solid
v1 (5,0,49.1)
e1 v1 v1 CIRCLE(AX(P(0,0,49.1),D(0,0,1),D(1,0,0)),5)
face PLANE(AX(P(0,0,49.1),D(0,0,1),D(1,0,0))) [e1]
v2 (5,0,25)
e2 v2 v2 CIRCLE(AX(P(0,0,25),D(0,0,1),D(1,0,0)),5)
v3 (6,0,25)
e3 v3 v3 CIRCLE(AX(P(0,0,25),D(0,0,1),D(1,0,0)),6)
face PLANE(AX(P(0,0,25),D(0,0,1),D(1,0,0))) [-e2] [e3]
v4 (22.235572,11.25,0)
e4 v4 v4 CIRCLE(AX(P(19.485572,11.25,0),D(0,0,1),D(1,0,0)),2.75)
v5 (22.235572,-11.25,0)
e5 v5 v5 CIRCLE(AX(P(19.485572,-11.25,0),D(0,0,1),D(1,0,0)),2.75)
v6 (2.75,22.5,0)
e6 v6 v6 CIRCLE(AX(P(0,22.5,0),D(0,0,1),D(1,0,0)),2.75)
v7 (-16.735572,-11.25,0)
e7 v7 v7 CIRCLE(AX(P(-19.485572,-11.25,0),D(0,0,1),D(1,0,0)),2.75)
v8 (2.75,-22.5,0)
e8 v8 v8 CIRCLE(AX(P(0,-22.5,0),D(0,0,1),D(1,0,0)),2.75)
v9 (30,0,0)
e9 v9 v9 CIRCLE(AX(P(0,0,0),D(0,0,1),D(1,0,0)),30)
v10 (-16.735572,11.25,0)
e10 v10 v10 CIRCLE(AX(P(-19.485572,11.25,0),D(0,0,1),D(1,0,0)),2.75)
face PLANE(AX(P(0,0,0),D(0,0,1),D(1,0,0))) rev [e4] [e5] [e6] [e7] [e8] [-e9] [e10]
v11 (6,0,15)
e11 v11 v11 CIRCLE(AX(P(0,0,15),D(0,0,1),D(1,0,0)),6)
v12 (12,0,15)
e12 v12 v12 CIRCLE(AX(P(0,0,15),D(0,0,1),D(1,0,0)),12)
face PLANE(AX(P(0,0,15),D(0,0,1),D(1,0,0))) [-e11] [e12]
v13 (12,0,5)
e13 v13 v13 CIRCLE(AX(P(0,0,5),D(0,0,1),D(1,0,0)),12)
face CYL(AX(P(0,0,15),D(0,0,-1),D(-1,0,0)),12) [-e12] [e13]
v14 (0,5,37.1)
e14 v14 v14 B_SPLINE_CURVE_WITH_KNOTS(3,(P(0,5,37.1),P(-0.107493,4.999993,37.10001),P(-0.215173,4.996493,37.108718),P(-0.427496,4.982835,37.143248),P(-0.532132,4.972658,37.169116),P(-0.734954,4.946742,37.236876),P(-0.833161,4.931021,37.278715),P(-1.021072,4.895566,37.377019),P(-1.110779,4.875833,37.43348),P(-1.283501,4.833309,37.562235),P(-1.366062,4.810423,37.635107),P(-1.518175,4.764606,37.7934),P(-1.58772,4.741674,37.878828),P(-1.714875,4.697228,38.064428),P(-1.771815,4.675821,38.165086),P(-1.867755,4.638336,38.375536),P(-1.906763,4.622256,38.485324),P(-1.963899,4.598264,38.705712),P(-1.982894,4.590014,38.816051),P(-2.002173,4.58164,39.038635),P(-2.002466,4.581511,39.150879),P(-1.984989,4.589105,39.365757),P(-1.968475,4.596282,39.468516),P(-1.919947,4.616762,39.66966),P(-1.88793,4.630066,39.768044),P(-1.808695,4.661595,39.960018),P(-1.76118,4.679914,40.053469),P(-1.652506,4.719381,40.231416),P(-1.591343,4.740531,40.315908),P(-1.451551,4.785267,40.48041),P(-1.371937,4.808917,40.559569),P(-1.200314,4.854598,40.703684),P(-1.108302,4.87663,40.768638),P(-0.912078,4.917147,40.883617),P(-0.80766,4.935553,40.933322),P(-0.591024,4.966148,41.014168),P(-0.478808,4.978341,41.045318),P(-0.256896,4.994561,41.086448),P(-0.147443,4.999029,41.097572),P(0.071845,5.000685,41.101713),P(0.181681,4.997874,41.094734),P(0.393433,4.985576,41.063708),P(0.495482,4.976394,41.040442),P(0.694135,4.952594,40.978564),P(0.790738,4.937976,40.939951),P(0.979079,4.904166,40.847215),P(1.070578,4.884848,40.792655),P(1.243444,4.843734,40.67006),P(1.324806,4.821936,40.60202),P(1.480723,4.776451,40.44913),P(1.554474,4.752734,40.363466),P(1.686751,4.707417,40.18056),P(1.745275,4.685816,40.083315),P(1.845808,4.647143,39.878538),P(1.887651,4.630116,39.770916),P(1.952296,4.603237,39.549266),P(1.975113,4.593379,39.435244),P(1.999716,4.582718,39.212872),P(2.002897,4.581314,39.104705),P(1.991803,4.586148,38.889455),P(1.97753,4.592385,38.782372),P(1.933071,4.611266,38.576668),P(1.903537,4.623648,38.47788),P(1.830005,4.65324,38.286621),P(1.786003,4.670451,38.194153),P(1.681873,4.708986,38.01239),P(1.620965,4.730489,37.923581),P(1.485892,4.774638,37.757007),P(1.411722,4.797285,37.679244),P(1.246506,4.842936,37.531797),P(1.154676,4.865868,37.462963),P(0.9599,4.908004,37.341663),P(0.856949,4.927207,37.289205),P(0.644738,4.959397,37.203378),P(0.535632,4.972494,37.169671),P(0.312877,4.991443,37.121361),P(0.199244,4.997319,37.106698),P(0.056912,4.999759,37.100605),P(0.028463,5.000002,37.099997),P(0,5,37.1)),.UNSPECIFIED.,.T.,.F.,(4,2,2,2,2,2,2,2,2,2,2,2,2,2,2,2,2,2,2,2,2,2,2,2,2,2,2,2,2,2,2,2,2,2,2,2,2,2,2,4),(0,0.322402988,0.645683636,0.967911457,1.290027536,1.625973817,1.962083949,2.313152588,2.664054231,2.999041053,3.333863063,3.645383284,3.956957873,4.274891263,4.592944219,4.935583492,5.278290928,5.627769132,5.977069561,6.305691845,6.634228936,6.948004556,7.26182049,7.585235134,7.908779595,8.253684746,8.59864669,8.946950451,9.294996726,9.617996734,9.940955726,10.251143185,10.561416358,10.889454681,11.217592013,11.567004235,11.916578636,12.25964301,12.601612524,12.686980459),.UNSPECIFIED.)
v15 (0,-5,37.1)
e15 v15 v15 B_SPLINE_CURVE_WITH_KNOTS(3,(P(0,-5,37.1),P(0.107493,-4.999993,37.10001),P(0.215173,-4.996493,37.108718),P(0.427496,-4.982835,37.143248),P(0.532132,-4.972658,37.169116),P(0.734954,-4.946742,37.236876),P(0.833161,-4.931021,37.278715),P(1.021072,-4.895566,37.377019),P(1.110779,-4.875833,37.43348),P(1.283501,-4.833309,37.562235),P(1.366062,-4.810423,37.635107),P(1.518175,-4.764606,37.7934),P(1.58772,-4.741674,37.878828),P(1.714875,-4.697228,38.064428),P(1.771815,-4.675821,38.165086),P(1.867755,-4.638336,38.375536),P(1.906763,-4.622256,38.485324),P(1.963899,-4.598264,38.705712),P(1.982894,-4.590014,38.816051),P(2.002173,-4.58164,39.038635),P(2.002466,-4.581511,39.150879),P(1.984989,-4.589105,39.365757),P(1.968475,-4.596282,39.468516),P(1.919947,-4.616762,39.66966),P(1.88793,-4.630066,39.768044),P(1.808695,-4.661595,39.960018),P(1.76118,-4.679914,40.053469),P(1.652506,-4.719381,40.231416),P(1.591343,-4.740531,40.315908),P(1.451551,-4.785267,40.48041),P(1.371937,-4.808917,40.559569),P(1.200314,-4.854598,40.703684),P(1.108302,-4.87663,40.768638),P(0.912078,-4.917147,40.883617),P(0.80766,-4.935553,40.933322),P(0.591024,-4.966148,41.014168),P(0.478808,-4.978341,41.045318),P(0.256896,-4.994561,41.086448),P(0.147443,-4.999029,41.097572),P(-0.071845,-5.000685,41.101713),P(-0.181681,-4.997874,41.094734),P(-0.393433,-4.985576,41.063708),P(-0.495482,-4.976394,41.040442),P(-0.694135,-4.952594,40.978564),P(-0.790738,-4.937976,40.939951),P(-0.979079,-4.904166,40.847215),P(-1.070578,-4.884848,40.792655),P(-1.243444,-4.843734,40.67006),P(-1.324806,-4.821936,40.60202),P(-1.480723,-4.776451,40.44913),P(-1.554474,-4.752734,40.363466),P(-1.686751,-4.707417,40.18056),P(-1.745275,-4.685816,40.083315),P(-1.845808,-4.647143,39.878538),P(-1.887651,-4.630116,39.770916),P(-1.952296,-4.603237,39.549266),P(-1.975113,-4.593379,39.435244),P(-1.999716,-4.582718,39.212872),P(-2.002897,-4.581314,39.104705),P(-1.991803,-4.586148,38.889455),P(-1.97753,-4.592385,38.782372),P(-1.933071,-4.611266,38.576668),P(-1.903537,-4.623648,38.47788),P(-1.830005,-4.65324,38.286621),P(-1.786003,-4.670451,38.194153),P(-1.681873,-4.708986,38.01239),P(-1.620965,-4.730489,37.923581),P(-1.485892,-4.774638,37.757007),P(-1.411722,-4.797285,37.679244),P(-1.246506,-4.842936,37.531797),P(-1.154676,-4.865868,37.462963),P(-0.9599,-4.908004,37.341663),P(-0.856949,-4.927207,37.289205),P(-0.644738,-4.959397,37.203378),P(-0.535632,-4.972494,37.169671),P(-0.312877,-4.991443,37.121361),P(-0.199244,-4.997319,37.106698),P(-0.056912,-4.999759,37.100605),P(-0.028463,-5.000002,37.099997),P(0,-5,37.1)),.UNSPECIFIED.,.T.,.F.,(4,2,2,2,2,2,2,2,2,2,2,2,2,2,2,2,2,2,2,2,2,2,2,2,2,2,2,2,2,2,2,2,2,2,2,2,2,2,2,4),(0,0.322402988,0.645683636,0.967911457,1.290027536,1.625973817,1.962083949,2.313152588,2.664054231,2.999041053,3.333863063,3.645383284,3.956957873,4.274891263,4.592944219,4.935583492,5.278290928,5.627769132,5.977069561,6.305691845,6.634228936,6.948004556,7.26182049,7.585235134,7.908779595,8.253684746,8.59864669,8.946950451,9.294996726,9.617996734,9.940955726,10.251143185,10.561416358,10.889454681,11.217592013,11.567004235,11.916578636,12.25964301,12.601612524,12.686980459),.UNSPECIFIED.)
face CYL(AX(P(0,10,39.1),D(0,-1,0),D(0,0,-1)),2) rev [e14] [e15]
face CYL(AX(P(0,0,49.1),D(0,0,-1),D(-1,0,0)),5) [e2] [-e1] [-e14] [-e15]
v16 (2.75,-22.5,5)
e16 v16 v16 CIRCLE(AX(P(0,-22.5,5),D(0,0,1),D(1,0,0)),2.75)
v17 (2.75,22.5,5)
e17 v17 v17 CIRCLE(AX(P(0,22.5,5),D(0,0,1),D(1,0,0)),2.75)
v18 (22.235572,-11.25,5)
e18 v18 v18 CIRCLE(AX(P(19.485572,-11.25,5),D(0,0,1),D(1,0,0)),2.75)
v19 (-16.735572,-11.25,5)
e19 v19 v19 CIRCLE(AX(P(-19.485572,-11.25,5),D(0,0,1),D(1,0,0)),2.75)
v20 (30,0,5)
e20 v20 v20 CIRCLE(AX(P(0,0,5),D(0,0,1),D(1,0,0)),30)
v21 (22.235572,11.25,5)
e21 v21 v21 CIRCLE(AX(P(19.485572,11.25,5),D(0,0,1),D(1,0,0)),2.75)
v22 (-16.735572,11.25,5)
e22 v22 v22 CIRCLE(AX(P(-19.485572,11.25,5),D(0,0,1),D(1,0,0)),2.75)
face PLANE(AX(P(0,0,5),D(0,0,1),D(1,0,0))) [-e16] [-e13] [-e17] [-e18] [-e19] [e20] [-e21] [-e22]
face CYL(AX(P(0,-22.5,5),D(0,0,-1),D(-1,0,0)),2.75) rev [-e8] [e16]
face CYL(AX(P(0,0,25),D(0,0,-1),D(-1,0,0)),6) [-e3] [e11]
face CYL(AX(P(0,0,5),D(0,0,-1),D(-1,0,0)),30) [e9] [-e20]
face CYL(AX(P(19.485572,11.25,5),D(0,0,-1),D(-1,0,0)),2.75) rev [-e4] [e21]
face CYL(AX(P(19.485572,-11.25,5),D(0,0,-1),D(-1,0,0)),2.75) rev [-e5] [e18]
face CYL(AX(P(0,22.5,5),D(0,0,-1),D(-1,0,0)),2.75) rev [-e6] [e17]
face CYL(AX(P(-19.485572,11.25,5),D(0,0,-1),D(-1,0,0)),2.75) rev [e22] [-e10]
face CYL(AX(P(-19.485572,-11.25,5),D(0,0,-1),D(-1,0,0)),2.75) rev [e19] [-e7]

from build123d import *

# Parameters (mm, degrees)
SKETCH_1_R               = 30
SKETCH_1_R_2             = 2.75
EXTRUDE_1_DEPTH          = 5
SKETCH_2_R               = 12
EXTRUDE_2_DEPTH          = 10
SKETCH_3_R               = 6
EXTRUDE_3_DEPTH          = 10
SKETCH_5_R               = 5
EXTRUDE_4_DEPTH          = 24.1
CUT_EXTRUDE_1_DEPTH      = 10
CUT_EXTRUDE_1_DEPTH_BACK = 10
SKETCH_6_R               = 2


with BuildPart() as part:
    # 草图1 → 凸台-拉伸1 (new body)
    with BuildSketch(Plane.XY):
        Circle(SKETCH_1_R)
        with Locations((0, 22.5)):
            Circle(SKETCH_1_R_2, mode=Mode.SUBTRACT)
        with Locations((19.485571585, 11.25)):
            Circle(SKETCH_1_R_2, mode=Mode.SUBTRACT)
        with Locations((19.485571585, -11.25)):
            Circle(SKETCH_1_R_2, mode=Mode.SUBTRACT)
        with Locations((0, -22.5)):
            Circle(SKETCH_1_R_2, mode=Mode.SUBTRACT)
        with Locations((-19.485571585, -11.25)):
            Circle(SKETCH_1_R_2, mode=Mode.SUBTRACT)
        with Locations((-19.485571585, 11.25)):
            Circle(SKETCH_1_R_2, mode=Mode.SUBTRACT)
    extrude(amount=EXTRUDE_1_DEPTH)

    # 草图2 → 凸台-拉伸2 (add)
    with BuildSketch(Plane.XY.offset(5)):
        Circle(SKETCH_2_R)
    extrude(amount=EXTRUDE_2_DEPTH)

    # 草图3 → 凸台-拉伸3 (add)
    with BuildSketch(Plane.XY.offset(15)):
        Circle(SKETCH_3_R)
    extrude(amount=EXTRUDE_3_DEPTH)

    # 草图5 → 凸台-拉伸4 (add)
    with BuildSketch(Plane.XY.offset(25)):
        Circle(SKETCH_5_R)
    extrude(amount=EXTRUDE_4_DEPTH)

    # 草图6 → 切除-拉伸1 (cut, two sides: drawn at the far end of the back side and taken through both)
    with BuildSketch(Plane(origin=(0, 0, 0), x_dir=(1, 0, 0), z_dir=(0, 1, 0)).offset(-CUT_EXTRUDE_1_DEPTH_BACK)):
        with Locations((0, -39.1)):
            Circle(SKETCH_6_R)
    extrude(amount=CUT_EXTRUDE_1_DEPTH + CUT_EXTRUDE_1_DEPTH_BACK, mode=Mode.SUBTRACT)


solid = part.part
